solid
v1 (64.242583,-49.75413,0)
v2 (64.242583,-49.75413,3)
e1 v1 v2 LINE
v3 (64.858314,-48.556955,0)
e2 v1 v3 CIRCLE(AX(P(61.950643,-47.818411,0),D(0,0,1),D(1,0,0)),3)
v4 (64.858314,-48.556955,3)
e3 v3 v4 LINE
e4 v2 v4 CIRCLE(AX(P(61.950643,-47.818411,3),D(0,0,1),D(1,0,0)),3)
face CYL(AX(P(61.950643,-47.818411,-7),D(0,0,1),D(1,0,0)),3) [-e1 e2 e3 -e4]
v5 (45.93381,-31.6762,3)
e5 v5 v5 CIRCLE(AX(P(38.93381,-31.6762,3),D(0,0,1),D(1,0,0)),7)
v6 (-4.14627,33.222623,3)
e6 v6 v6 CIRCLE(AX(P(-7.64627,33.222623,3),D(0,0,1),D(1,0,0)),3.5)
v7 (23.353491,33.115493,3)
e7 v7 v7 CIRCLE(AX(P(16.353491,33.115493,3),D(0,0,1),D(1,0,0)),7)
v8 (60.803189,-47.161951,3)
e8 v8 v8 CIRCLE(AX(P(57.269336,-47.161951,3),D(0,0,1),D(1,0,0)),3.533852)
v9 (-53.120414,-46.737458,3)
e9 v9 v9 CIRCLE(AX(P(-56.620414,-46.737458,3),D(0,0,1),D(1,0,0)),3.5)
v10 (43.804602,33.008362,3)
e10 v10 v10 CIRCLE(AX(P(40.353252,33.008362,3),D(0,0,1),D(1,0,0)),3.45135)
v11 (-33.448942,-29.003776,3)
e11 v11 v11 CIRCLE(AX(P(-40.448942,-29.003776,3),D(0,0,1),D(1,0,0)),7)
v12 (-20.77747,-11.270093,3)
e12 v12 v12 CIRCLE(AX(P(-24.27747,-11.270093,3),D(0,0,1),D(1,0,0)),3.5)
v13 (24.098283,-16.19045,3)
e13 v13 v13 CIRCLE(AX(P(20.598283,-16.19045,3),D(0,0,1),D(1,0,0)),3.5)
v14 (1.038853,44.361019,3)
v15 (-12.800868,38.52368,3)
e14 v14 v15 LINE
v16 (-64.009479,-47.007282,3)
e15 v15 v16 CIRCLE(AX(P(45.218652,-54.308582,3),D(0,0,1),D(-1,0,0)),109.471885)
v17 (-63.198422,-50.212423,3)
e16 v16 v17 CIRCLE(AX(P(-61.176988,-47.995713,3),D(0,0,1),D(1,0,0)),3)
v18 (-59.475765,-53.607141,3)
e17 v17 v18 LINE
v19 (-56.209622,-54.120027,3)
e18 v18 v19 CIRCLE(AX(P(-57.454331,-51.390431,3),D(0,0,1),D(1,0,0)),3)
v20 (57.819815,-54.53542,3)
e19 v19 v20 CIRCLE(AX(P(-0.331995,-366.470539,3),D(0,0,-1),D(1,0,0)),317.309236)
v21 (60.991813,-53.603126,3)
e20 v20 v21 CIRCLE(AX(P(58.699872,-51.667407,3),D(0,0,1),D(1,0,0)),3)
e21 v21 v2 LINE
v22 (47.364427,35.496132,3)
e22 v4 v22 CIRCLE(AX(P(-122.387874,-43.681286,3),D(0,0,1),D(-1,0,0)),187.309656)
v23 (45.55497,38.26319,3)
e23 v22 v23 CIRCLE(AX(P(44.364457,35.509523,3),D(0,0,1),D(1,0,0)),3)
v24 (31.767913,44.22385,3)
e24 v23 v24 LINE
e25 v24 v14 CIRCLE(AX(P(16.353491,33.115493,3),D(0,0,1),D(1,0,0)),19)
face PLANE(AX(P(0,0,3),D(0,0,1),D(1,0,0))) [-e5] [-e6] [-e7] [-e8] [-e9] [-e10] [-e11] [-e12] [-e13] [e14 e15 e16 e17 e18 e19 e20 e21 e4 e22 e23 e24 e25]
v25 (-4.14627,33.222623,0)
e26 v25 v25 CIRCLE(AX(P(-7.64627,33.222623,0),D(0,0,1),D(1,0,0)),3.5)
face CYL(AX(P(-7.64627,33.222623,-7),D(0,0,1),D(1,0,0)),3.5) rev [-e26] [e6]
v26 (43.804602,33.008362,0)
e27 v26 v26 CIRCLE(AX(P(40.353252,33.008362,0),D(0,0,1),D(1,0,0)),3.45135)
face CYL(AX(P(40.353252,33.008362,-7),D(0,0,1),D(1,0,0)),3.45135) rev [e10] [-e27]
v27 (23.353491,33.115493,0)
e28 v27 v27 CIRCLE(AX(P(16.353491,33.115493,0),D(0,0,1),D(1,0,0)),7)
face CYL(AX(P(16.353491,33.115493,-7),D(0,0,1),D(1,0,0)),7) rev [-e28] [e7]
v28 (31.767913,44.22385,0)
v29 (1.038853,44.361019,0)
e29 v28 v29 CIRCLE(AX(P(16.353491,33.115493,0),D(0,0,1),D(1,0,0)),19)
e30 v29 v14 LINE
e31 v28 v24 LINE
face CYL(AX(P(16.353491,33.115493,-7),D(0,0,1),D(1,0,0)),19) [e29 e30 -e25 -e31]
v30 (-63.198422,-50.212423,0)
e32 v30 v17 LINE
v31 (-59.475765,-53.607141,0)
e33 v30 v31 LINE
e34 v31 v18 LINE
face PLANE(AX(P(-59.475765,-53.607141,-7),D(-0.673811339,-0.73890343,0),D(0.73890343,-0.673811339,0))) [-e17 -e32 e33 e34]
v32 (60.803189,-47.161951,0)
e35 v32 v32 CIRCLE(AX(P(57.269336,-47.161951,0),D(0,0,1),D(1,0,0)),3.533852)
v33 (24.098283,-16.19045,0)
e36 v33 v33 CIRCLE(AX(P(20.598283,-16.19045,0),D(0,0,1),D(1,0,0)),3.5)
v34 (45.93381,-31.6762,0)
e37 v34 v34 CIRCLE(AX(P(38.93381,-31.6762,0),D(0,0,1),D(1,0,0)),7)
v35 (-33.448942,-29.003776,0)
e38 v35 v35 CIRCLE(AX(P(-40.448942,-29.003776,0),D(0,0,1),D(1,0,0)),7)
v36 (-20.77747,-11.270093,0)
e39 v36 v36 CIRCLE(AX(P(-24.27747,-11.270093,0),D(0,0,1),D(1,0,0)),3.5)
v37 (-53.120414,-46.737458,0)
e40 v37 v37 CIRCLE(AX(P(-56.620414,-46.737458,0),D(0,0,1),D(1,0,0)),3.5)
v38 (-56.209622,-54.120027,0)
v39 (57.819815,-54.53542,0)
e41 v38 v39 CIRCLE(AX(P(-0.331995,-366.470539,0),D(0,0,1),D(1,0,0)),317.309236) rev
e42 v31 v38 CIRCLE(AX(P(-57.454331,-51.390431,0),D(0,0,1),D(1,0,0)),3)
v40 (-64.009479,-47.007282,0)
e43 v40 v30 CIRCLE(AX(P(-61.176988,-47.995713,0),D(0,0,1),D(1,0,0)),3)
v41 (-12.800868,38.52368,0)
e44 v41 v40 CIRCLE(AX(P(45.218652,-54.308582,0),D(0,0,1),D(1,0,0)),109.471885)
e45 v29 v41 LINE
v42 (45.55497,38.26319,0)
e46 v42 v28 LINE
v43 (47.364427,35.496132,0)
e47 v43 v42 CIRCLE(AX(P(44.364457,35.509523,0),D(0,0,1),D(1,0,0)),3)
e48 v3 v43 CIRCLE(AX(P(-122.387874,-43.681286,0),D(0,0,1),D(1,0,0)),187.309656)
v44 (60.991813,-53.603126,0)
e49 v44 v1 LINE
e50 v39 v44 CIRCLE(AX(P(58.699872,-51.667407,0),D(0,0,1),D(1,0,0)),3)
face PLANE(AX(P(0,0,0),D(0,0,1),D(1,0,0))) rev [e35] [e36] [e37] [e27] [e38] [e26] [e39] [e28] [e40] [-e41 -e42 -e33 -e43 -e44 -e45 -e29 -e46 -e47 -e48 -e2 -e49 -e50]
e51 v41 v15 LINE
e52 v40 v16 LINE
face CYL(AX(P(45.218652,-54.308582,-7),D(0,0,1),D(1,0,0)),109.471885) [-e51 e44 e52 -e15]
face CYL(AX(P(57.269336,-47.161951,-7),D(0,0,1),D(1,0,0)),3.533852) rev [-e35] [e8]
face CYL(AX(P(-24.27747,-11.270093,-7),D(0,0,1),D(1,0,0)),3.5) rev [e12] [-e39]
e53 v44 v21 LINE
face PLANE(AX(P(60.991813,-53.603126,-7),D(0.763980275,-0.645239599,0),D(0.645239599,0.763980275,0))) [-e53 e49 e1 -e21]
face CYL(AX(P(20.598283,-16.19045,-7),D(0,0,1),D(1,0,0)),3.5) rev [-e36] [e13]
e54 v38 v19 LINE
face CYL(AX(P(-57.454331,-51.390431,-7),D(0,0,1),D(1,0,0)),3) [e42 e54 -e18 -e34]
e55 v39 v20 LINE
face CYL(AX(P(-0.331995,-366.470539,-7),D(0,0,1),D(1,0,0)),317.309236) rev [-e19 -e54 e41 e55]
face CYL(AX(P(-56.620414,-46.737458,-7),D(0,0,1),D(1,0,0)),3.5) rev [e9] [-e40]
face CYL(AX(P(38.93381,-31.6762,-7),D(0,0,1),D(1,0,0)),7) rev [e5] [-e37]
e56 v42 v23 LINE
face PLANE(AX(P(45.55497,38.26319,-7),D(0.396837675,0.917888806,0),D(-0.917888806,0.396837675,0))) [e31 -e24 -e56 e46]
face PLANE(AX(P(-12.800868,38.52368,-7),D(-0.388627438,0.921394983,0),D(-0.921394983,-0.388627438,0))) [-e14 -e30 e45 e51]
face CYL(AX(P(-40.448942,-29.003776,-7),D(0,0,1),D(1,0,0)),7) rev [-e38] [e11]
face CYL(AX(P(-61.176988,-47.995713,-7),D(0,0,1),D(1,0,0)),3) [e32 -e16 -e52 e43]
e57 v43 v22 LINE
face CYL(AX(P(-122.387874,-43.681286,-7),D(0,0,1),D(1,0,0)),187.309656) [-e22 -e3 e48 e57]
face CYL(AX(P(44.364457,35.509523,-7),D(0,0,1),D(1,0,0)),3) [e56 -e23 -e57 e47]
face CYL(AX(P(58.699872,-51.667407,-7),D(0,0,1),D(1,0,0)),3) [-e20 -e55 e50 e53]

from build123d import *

# Parameters (mm, degrees)
SKETCH1_W           = 130
SKETCH1_H           = 110
BOSS_EXTRUDE1_DEPTH = 3
SKETCH2_W           = 130
SKETCH2_H           = 110
CUT_EXTRUDE1_DEPTH  = 10
SKETCH3_R           = 7
SKETCH3_R_2         = 3.451349814
SKETCH3_R_3         = 3.5
SKETCH3_R_4         = 3.533852352
CUT_EXTRUDE2_DEPTH  = 10


with BuildPart() as part:
    # Sketch1 → Boss-Extrude1 (new body)
    with BuildSketch(Plane.XY):
        Rectangle(SKETCH1_W, SKETCH1_H)
    extrude(amount=BOSS_EXTRUDE1_DEPTH)

    # Sketch2 → Cut-Extrude1 (cut)
    with BuildSketch(Plane.XY.offset(3)):
        Rectangle(SKETCH2_W, SKETCH2_H)
        with BuildLine():
            Line((-59.47576544, -53.607140846), (-63.198422227, -50.212423413))
            ThreePointArc((-63.198422227, -50.212423413), (-64.085317487, -48.731662044), (-64.00947903, -47.007282166))
            ThreePointArc((-64.00947903, -47.007282166), (-48.705948363, 1.925420221), (-12.800867901, 38.52367989))
            Line((-12.800867901, 38.52367989), (1.038853263, 44.361019449))
            ThreePointArc((1.038853263, 44.361019449), (16.438302804, 52.115303468), (31.767912546, 44.223850371))
            Line((31.767912546, 44.223850371), (45.554969528, 38.263189769))
            ThreePointArc((45.554969528, 38.263189769), (46.875270988, 37.151415741), (47.364426614, 35.496132017))
            ThreePointArc((47.364426614, 35.496132017), (60.992088303, -5.514592593), (64.85831391, -48.556955395))
            ThreePointArc((64.85831391, -48.556955395), (64.618469123, -49.190526824), (64.242583482, -49.754129754))
            Line((64.242583482, -49.754129754), (60.991812848, -53.603125765))
            ThreePointArc((60.991812848, -53.603125765), (59.545831313, -54.545662148), (57.819814936, -54.535420134))
            ThreePointArc((57.819814936, -54.535420134), (0.823909158, -49.163408252), (-56.209622322, -54.120027458))
            ThreePointArc((-56.209622322, -54.120027458), (-57.919722192, -54.354112628), (-59.47576544, -53.607140846))
        make_face(mode=Mode.SUBTRACT)
    extrude(amount=-CUT_EXTRUDE1_DEPTH, mode=Mode.SUBTRACT)

    # Sketch3 → Cut-Extrude2 (cut)
    with BuildSketch(Plane.XY.offset(3)):
        with Locations((16.353491015, 33.115492759)):
            Circle(SKETCH3_R)
        with Locations((40.35325191, 33.008362077)):
            Circle(SKETCH3_R_2)
        with Locations((-7.64626988, 33.222623441)):
            Circle(SKETCH3_R_3)
        with Locations((-40.448942317, -29.003775794)):
            Circle(SKETCH3_R)
        with Locations((-56.620414459, -46.737458118)):
            Circle(SKETCH3_R_3)
        with Locations((-24.277470176, -11.27009347)):
            Circle(SKETCH3_R_3)
        with Locations((20.598283056, -16.190449825)):
            Circle(SKETCH3_R_3)
        with Locations((38.933809649, -31.676200197)):
            Circle(SKETCH3_R)
        with Locations((57.269336242, -47.161950568)):
            Circle(SKETCH3_R_4)
    extrude(amount=-CUT_EXTRUDE2_DEPTH, mode=Mode.SUBTRACT)


solid = part.part
